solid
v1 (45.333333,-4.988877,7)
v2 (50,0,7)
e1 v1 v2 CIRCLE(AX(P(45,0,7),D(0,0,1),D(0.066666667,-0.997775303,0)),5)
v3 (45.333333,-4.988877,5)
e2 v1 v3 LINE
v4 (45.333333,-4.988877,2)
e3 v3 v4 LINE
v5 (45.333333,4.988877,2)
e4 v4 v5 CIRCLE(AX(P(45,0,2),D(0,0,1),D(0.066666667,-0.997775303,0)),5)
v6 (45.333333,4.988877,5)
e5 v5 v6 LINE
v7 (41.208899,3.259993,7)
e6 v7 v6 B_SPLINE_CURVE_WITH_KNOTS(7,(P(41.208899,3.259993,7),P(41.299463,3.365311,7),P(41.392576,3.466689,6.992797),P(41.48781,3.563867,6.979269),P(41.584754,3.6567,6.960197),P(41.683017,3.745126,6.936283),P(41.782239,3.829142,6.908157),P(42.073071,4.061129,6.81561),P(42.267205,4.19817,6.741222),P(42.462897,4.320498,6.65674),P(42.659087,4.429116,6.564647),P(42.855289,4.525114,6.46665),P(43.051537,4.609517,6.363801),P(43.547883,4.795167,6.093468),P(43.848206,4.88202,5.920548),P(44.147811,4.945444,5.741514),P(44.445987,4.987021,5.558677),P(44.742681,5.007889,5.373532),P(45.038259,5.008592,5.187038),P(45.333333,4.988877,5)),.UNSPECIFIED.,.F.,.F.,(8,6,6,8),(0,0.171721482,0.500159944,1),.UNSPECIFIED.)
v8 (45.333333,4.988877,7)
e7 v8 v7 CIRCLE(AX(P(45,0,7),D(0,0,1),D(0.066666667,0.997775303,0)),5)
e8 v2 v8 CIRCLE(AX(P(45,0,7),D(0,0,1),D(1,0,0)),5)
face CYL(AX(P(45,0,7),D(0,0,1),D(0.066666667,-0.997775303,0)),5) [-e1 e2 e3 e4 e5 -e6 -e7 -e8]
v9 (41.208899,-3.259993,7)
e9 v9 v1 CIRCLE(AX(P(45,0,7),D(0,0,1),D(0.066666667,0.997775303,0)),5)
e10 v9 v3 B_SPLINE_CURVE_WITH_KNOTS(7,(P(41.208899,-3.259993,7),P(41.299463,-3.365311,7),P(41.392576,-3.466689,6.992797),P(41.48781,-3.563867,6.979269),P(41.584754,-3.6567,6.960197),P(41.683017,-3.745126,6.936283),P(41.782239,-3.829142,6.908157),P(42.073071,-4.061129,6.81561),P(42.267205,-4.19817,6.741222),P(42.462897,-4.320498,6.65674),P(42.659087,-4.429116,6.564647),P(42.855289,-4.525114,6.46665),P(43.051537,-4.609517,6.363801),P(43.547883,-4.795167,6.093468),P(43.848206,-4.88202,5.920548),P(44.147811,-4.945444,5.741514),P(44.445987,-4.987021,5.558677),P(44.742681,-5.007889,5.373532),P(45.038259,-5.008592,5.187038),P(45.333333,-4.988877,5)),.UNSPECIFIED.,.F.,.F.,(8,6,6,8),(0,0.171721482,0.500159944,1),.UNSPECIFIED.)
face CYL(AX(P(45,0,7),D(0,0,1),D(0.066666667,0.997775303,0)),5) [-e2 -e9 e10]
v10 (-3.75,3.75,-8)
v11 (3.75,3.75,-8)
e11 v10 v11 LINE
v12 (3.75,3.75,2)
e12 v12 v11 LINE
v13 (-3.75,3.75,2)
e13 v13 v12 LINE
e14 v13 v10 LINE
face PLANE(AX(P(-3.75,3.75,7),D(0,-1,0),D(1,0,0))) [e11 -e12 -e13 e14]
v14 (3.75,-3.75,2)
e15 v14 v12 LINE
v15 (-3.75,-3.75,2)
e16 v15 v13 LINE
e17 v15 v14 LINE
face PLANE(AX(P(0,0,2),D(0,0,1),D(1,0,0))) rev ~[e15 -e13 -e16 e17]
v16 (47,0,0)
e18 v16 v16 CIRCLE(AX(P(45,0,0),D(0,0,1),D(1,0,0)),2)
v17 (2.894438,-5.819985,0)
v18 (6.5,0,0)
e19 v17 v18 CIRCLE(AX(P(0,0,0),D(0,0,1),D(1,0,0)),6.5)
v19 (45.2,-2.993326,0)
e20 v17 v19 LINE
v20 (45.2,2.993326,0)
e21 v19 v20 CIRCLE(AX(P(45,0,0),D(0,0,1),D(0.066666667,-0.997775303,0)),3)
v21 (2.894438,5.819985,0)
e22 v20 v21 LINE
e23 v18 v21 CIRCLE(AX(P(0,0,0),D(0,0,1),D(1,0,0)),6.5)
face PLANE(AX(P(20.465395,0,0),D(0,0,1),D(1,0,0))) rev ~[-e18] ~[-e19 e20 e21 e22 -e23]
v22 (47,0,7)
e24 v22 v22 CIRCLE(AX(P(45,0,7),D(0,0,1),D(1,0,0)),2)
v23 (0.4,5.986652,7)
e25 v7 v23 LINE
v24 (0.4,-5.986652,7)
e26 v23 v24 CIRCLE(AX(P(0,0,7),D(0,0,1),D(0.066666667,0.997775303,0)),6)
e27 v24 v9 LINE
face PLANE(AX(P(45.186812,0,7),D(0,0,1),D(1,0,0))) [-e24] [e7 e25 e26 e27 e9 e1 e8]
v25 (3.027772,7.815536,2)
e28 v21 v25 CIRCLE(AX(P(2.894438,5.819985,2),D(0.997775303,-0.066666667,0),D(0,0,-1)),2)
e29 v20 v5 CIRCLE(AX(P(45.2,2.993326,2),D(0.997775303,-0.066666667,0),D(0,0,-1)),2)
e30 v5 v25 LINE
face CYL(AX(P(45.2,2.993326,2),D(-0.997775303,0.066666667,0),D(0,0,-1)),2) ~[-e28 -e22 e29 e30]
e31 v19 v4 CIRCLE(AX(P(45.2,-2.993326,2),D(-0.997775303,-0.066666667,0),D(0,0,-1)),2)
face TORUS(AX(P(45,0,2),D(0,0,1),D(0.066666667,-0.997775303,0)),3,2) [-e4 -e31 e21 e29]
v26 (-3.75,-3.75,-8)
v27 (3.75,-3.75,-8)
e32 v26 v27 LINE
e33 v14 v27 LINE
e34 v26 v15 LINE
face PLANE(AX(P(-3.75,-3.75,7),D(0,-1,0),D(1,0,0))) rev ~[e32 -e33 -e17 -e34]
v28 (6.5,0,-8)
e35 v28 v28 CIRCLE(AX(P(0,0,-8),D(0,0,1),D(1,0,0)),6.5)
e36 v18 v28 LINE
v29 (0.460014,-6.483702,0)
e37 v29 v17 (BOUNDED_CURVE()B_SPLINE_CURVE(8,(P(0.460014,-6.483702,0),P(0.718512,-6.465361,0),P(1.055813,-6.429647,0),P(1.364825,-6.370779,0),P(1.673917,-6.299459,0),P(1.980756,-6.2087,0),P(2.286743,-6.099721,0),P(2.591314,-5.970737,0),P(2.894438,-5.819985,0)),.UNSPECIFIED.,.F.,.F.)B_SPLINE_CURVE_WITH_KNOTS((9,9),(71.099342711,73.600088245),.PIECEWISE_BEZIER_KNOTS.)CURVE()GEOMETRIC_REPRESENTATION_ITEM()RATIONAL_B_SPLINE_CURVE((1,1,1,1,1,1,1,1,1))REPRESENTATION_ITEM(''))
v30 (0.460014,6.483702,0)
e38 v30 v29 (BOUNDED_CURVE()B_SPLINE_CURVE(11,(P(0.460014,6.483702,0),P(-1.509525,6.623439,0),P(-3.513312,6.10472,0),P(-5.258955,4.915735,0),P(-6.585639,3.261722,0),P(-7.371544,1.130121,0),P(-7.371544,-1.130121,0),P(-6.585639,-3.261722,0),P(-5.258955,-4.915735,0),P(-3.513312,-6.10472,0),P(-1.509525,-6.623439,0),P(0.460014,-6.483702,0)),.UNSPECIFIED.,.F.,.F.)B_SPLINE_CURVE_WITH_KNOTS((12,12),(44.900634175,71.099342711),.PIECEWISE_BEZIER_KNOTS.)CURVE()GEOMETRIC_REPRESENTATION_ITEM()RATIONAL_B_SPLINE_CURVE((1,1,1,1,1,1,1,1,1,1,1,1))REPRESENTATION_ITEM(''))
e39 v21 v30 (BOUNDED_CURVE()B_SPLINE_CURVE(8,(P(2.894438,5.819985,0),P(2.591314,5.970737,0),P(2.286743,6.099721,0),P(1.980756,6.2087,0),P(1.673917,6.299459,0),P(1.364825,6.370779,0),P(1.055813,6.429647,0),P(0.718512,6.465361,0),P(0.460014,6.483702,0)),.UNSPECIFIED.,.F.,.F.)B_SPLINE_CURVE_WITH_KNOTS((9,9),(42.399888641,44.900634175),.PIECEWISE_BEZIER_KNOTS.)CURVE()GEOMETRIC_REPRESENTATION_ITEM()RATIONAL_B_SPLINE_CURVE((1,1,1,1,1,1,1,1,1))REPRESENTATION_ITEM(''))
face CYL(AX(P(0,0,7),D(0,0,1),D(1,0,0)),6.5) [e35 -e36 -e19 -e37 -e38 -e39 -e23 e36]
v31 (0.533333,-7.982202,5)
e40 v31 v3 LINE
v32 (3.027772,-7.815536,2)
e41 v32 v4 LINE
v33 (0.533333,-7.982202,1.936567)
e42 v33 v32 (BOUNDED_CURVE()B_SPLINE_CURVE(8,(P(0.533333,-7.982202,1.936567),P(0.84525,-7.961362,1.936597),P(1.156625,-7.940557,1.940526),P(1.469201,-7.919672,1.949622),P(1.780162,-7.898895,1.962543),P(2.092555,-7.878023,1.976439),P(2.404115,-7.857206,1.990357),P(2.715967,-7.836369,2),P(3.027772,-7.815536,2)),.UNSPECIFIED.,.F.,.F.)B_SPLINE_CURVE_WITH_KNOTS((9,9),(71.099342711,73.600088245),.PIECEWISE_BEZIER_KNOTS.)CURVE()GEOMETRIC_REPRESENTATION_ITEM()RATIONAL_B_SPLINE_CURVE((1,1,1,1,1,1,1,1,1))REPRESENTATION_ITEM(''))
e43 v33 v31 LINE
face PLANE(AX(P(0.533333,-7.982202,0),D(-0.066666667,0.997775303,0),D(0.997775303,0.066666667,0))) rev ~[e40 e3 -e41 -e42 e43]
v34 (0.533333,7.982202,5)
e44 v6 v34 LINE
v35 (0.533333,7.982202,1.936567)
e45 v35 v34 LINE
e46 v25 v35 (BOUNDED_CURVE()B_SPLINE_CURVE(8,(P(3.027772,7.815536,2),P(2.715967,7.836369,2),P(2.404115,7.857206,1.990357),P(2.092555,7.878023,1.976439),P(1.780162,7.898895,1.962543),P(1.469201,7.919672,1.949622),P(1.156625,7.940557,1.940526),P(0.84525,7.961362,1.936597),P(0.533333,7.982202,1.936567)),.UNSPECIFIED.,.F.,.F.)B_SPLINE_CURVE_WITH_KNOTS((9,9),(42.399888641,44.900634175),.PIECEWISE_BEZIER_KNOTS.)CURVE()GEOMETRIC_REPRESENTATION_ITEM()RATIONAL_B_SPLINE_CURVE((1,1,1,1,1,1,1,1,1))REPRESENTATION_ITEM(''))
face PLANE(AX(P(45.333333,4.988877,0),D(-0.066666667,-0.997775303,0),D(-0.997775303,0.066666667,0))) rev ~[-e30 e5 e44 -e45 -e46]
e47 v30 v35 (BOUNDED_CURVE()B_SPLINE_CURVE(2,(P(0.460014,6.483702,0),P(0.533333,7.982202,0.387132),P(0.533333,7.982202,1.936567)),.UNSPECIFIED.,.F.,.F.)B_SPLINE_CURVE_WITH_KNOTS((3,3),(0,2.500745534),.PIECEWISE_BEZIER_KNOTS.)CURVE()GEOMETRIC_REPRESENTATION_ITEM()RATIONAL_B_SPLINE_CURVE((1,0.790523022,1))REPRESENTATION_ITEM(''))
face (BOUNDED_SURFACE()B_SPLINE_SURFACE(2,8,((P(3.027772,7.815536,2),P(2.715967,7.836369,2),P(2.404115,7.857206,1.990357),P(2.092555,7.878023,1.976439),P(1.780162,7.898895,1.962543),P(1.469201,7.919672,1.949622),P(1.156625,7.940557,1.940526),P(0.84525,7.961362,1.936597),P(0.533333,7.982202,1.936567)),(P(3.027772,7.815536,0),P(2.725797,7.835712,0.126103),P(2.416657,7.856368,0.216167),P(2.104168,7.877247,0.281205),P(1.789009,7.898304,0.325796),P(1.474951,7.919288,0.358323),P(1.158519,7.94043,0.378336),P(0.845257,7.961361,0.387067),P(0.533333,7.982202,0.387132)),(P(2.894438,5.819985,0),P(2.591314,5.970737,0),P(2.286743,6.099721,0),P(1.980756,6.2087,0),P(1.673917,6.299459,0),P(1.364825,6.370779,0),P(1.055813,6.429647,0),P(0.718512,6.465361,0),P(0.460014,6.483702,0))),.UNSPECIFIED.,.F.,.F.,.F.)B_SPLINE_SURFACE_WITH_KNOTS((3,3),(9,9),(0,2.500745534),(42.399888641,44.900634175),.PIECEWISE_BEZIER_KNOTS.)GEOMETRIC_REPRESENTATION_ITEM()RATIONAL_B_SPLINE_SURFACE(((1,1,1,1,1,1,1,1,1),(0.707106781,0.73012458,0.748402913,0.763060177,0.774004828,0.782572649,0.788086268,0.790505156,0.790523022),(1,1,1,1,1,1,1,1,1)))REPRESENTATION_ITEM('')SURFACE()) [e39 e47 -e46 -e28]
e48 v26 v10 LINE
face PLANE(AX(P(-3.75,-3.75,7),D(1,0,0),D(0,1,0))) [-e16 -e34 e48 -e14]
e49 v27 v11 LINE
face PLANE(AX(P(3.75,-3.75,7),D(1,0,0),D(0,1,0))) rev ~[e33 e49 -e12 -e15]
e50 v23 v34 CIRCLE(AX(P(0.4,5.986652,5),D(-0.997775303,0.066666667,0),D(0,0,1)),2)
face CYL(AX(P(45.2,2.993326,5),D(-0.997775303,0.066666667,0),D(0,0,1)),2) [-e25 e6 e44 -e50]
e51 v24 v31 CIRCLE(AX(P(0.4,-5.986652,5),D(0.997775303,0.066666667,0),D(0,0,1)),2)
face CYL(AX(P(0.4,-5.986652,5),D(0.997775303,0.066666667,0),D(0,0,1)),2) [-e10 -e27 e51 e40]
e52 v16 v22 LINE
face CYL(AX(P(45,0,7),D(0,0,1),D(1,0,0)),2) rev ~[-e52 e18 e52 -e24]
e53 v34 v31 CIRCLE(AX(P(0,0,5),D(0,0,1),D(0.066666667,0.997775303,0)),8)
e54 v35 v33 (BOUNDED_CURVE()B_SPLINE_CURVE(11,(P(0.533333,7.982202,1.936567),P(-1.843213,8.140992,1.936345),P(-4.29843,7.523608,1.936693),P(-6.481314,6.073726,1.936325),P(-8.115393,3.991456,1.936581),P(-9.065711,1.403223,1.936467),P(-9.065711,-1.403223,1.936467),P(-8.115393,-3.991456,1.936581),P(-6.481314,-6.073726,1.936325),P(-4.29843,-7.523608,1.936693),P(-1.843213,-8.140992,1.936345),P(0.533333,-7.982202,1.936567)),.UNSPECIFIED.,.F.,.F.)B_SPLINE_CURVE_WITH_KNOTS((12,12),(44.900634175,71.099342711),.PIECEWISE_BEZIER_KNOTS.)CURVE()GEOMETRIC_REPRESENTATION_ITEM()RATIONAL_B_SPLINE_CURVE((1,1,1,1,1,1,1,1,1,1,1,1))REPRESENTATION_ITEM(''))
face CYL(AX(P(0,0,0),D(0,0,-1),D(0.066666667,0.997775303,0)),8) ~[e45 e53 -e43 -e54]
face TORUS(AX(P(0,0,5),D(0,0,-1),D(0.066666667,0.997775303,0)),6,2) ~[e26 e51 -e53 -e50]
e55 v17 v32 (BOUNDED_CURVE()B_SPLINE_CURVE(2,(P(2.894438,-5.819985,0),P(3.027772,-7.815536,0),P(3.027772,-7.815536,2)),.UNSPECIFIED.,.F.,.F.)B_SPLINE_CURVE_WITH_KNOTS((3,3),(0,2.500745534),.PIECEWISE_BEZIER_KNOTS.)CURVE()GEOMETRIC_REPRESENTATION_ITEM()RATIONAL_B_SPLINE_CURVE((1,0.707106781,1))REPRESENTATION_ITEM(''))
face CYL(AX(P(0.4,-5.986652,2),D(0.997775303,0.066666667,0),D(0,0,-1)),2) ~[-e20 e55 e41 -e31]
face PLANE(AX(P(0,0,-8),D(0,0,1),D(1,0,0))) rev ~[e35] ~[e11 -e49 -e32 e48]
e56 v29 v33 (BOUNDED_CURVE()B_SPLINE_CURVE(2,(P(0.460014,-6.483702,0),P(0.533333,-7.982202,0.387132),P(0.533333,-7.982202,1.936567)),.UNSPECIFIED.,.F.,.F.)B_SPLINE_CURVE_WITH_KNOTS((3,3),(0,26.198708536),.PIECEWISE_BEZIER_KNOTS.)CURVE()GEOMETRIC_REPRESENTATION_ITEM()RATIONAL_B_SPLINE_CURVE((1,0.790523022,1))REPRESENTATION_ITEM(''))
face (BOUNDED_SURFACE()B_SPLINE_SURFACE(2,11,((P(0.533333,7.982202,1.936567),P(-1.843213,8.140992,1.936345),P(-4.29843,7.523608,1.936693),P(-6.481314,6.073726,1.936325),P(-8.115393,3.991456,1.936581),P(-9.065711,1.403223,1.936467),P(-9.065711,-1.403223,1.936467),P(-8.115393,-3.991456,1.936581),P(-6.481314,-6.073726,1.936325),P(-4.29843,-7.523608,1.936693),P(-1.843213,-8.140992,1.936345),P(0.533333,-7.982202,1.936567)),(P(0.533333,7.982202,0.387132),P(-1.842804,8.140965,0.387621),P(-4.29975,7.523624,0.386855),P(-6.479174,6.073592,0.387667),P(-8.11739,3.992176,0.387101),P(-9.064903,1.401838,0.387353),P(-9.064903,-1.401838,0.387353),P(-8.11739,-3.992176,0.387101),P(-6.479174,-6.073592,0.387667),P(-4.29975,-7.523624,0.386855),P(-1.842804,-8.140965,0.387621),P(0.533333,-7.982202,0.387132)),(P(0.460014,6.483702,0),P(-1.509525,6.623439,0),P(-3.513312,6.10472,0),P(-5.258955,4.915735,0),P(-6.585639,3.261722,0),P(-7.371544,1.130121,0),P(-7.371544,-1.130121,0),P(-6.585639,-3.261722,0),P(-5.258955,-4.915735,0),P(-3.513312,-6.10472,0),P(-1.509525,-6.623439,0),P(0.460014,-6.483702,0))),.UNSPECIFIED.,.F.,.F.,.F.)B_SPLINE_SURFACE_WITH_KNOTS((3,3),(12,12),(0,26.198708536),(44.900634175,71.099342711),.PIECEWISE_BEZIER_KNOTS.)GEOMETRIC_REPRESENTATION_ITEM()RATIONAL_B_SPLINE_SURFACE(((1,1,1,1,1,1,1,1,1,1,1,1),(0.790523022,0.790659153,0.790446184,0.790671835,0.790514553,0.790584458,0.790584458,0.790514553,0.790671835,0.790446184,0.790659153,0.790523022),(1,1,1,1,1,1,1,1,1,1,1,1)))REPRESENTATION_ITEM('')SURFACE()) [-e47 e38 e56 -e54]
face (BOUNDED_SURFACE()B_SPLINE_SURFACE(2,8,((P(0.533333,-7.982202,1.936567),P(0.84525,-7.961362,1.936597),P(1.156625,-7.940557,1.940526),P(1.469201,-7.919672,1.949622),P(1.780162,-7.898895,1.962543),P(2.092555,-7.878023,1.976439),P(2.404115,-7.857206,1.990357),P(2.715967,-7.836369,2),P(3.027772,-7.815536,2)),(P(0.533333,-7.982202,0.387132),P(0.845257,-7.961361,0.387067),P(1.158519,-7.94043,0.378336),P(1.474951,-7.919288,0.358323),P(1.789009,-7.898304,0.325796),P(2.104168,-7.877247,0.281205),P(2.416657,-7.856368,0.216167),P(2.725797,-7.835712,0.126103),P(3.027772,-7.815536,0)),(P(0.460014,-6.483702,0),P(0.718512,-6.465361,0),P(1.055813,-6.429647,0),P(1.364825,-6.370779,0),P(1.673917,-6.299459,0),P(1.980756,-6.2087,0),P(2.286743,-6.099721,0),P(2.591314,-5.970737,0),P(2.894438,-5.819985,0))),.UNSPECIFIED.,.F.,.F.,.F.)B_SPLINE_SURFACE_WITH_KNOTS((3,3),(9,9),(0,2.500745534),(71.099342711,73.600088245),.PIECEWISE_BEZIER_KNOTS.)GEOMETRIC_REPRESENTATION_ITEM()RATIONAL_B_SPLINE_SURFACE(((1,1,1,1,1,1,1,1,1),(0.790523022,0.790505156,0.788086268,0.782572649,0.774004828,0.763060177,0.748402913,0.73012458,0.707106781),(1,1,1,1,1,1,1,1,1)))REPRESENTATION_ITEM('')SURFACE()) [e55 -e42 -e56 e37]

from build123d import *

# Parameters (mm, degrees)
F1_DEPTH = 7
F2_R     = 6.5
F2_W     = 7.5
F2_H     = 7.5
F3_DEPTH = 15
F2_R_2   = 2
F4_DEPTH = 25
F5_START = -5
F5_DEPTH = 10.001
F6_R     = 2
F7_DEPTH = 2.8


with BuildPart() as f1:
    # F0 (on Top) → F1 (new body)
    with BuildSketch(Plane.XY):
        with BuildLine():
            Line((45.3333333333, 4.9888765157), (0.5333333333, 7.9822024251))
            ThreePointArc((0.5333333333, 7.9822024251), (-8, 0), (0.5333333333, -7.9822024251))
            Line((0.5333333333, -7.9822024251), (45.3333333333, -4.9888765157))
            ThreePointArc((45.3333333333, -4.9888765157), (50, 0), (45.3333333333, 4.9888765157))
        make_face()
    extrude(amount=F1_DEPTH)

    # F2 (on face) → F3 (join)
    with BuildSketch(Plane.XY.offset(7)):
        Circle(F2_R)
        Rectangle(F2_W, F2_H, mode=Mode.SUBTRACT)
    extrude(amount=-F3_DEPTH)

    # F2 (on face) → F4 (cut)
    with BuildSketch(Plane.XY.offset(7)):
        with Locations((45, 0)):
            Circle(F2_R_2)
    extrude(amount=-F4_DEPTH, mode=Mode.SUBTRACT)

    # F2 (on face) → F5 (cut)
    with BuildSketch(Plane.XY.offset(7).offset(F5_START)):
        Rectangle(F2_W, F2_H)
    extrude(amount=-F5_DEPTH, mode=Mode.SUBTRACT)

    # F6
    f6_edges = [f1.edges().sort_by_distance(p)[0] for p in [
        (22.933333, -6.485539, 7),
        (22.933333, 6.485539, 0),
    ]]
    fillet(f6_edges, radius=F6_R)

    # F2 (on face) → F7 (join)
    with BuildSketch(Plane.XY.offset(7)):
        with BuildLine():
            ThreePointArc((45.3333333333, -4.9888765157), (48.6514837167, -3.4156502553), (50, 0))
            ThreePointArc((50, 0), (48.6514837167, 3.4156502553), (45.3333333333, 4.9888765157))
            ThreePointArc((45.3333333333, 4.9888765157), (40, 0), (45.3333333333, -4.9888765157))
        make_face()
        with Locations((45, 0)):
            Circle(F2_R_2, mode=Mode.SUBTRACT)
    extrude(amount=-F7_DEPTH)


solid = f1.part
